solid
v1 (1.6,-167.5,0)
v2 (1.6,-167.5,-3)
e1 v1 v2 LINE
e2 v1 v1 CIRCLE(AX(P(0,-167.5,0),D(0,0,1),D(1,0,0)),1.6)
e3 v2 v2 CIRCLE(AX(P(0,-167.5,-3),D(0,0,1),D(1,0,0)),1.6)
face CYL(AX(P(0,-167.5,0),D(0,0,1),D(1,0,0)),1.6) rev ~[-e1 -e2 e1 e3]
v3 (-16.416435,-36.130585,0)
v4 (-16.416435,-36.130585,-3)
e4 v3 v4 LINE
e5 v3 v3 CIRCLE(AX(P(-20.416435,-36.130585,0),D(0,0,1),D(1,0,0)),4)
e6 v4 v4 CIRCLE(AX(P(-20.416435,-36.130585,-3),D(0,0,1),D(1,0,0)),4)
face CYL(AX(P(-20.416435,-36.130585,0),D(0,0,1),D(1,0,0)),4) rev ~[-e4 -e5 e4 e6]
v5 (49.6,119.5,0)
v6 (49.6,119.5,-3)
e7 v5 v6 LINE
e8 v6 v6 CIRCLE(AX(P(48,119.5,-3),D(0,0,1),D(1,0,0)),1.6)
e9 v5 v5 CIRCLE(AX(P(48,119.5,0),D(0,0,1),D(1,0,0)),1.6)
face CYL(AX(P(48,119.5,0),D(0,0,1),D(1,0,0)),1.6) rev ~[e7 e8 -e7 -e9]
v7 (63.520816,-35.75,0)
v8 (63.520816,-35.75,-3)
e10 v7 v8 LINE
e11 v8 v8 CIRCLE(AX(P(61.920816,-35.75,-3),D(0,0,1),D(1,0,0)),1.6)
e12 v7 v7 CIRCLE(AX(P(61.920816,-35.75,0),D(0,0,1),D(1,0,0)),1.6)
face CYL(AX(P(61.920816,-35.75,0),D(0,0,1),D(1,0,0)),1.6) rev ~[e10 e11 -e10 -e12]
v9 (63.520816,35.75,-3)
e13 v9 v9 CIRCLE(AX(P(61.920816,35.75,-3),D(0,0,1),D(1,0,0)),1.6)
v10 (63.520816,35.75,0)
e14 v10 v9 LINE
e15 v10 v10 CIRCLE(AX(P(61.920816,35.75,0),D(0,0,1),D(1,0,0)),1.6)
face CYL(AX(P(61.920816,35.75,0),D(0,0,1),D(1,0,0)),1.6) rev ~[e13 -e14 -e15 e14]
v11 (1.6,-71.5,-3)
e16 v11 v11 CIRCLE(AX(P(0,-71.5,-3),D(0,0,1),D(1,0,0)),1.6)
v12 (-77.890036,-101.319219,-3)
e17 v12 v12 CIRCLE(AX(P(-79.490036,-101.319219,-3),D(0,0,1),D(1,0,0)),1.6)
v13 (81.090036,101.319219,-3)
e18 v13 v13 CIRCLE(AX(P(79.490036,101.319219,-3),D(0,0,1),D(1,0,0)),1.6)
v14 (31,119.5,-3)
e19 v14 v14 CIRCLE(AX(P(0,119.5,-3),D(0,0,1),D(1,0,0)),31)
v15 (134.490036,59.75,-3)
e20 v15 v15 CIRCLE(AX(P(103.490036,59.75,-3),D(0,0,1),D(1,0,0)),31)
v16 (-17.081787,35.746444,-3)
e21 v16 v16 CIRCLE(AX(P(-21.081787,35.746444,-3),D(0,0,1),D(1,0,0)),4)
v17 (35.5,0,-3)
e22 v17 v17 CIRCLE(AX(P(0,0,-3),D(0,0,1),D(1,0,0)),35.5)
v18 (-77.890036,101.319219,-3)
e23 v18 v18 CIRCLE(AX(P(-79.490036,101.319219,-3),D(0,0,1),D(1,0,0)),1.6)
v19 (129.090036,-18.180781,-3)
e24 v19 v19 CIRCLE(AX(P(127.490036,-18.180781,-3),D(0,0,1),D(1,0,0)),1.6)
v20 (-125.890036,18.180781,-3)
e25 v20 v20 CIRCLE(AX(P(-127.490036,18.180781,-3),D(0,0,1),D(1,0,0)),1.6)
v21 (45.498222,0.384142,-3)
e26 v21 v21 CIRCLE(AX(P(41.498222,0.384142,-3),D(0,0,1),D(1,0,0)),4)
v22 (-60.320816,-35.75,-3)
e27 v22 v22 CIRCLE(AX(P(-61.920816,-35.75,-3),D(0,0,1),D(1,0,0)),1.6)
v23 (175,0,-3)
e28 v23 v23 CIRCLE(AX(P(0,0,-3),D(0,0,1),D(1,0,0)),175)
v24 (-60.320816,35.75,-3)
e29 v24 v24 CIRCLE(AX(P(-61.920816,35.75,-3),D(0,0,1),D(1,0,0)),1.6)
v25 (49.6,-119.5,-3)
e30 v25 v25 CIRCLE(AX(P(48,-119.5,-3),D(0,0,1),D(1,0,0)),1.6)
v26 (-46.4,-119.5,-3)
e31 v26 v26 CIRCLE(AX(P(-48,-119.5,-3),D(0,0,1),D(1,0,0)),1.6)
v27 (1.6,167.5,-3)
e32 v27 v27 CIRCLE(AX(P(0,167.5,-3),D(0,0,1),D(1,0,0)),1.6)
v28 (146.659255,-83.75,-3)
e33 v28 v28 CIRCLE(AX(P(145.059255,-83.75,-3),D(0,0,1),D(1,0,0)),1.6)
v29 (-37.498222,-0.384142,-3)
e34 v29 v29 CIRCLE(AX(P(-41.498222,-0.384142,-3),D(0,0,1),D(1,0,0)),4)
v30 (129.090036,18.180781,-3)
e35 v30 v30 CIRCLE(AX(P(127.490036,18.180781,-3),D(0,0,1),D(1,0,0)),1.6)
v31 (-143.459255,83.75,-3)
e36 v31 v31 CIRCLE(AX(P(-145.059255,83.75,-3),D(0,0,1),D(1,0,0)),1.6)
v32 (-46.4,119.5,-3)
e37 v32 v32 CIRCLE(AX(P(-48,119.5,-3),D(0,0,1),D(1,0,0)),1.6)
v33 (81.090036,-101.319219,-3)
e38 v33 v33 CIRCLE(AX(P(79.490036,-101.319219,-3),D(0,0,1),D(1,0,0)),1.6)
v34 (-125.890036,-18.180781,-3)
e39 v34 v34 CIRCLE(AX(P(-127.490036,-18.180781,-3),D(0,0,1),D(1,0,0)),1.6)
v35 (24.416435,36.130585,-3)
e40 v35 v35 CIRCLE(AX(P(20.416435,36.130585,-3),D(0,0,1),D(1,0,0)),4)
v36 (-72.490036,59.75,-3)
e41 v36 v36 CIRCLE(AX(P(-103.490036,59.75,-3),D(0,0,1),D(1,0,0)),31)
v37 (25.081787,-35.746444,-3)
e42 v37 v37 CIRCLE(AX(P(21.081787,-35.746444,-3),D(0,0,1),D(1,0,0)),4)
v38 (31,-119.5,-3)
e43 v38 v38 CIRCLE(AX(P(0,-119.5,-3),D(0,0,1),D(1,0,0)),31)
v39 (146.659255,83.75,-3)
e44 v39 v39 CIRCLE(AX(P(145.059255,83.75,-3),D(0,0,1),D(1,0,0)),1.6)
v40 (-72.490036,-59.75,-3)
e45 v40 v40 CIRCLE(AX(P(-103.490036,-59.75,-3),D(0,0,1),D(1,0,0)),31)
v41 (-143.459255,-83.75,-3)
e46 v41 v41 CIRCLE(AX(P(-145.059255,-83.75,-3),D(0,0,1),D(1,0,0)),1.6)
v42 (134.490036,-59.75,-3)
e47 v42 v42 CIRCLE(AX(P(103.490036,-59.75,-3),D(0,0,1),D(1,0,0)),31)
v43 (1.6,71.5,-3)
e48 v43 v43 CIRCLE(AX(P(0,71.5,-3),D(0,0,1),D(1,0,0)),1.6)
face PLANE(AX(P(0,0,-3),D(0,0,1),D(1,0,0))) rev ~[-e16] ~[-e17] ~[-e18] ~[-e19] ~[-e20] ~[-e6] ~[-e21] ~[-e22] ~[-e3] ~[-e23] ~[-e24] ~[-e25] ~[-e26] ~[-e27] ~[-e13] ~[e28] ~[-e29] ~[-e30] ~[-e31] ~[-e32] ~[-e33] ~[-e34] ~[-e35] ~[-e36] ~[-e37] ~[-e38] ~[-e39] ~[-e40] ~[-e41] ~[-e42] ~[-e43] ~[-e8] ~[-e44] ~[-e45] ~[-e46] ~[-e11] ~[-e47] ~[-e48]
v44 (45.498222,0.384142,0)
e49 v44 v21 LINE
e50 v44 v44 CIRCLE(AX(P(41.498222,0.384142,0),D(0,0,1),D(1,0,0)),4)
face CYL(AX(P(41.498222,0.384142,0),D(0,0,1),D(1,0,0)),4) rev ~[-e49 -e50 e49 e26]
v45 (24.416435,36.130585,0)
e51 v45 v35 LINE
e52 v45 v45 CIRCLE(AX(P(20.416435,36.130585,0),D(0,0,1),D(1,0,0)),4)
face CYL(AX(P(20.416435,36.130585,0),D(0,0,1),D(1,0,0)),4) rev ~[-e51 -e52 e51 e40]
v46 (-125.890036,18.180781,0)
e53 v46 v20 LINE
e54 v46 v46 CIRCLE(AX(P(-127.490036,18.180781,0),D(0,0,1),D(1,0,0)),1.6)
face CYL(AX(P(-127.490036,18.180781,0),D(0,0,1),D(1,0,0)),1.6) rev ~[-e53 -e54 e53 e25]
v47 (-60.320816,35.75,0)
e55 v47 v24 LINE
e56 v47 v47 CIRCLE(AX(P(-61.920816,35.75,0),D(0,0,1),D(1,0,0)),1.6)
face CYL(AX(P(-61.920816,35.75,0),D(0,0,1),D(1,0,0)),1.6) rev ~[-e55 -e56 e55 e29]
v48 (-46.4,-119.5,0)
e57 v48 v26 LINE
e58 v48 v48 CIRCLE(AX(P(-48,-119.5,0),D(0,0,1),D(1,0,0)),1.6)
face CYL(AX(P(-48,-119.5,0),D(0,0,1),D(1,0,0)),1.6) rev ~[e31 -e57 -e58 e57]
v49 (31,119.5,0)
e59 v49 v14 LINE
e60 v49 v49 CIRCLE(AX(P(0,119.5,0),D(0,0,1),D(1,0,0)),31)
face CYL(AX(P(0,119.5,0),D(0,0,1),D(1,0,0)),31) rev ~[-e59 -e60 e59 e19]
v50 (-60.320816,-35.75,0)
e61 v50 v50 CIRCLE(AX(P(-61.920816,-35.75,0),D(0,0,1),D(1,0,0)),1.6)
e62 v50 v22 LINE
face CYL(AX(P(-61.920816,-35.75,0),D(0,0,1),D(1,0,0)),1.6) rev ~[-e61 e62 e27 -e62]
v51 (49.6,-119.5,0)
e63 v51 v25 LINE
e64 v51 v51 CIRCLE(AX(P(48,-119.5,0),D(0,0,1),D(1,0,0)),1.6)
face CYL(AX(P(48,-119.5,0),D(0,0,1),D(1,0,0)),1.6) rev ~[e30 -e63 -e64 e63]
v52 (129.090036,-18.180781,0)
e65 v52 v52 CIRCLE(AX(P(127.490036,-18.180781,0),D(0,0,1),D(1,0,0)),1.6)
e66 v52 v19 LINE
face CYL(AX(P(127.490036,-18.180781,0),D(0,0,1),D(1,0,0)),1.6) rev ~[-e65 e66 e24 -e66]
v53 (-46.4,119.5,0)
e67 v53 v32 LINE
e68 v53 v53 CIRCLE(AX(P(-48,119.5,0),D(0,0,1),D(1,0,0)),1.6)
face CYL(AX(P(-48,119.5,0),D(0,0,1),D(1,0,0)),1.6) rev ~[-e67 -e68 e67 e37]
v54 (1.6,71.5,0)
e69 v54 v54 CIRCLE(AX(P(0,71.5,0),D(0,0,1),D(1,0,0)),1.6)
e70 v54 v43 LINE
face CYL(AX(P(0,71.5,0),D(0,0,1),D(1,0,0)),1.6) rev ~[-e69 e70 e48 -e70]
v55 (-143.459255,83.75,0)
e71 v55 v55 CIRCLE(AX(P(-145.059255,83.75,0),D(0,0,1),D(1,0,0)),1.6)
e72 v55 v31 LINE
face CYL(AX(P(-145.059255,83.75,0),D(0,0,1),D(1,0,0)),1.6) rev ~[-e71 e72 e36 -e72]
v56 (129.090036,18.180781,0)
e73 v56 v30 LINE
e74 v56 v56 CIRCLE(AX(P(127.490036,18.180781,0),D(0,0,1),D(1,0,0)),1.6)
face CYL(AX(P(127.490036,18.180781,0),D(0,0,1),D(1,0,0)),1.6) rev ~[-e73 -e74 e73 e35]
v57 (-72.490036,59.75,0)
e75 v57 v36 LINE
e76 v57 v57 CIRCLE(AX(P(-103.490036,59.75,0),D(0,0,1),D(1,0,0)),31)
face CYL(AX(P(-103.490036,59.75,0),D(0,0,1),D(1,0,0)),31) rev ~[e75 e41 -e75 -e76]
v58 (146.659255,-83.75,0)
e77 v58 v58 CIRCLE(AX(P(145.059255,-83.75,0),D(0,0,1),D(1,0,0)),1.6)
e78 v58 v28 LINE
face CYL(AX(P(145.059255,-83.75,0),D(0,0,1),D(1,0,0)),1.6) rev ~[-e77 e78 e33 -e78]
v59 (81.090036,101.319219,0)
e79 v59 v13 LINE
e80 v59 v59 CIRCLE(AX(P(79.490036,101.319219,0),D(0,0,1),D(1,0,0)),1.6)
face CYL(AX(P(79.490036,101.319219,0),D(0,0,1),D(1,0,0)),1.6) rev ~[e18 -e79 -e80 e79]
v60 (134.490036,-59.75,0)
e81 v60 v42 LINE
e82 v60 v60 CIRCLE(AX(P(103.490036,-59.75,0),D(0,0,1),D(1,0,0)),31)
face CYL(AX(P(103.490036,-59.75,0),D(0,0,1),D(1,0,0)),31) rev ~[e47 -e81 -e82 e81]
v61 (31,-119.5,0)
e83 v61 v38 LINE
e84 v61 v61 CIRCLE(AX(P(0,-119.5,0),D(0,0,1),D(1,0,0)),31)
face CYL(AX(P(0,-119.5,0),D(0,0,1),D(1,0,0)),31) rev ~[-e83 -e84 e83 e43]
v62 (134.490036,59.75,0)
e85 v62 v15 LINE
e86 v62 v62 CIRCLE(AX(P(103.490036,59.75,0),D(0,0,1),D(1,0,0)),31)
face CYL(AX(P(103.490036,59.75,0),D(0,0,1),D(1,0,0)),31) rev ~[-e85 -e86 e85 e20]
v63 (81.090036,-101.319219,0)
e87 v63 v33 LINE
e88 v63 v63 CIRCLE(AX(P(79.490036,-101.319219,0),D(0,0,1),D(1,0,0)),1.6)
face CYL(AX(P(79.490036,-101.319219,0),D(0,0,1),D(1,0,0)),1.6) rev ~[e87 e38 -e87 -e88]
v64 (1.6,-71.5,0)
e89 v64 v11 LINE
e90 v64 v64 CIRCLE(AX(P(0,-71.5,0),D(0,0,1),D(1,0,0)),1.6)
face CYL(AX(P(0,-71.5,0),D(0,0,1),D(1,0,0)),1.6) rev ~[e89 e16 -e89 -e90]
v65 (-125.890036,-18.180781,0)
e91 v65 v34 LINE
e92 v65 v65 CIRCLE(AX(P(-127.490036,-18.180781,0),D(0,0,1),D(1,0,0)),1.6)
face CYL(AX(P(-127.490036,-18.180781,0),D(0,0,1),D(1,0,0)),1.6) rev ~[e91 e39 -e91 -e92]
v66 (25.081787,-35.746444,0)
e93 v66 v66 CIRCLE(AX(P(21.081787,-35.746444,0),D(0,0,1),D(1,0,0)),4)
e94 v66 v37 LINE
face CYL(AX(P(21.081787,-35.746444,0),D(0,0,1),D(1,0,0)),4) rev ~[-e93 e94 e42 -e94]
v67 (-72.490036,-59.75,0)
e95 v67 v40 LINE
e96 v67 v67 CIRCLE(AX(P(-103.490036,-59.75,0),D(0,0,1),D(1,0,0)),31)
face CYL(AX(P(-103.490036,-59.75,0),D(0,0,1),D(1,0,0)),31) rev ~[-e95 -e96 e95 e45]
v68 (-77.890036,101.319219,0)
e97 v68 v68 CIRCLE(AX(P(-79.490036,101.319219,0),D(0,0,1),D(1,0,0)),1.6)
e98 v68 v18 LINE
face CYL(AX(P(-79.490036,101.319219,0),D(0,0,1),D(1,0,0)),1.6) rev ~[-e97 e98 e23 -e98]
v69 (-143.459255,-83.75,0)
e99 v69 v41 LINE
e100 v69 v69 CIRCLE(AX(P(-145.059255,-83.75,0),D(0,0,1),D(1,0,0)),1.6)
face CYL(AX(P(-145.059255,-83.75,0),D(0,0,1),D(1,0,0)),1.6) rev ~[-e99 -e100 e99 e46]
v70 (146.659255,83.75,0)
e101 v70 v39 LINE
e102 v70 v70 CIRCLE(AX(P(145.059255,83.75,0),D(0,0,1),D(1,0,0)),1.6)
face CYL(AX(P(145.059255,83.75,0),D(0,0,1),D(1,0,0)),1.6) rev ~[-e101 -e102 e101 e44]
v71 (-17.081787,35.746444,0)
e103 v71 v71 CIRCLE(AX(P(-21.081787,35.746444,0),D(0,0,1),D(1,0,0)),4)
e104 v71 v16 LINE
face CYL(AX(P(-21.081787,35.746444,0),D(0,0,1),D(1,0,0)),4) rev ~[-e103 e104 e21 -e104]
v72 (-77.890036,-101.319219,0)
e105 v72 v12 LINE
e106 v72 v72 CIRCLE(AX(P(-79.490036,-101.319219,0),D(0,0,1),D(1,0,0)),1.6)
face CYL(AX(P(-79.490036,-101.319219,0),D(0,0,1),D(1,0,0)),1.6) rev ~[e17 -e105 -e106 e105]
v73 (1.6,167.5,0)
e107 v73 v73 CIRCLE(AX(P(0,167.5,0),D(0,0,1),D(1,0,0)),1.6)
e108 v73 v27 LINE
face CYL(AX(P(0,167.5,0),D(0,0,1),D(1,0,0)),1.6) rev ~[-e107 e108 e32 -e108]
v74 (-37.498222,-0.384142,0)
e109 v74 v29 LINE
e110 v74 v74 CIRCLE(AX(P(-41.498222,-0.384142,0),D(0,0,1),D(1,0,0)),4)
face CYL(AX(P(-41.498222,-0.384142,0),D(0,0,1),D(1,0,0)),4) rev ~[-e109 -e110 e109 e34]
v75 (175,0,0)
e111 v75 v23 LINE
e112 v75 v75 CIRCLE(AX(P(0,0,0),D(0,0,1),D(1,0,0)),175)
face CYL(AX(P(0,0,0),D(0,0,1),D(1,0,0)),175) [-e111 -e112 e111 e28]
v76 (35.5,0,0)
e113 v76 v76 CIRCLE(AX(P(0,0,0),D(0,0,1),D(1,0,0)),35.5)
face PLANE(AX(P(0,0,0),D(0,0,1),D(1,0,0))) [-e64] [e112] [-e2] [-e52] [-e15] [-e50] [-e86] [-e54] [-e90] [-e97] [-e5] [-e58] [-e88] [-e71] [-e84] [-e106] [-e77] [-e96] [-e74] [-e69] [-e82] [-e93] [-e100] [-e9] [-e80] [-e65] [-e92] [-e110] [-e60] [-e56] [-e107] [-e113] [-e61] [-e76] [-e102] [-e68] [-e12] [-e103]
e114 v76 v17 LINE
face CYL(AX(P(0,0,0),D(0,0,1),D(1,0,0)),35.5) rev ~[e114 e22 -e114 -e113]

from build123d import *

# Parameters (mm, degrees)
SKETCH1_R           = 175
SKETCH1_R_2         = 35.5
SKETCH1_R_3         = 31
BOSS_EXTRUDE1_DEPTH = 3
SKETCH2_R           = 1.6
CUT_EXTRUDE1_DEPTH  = 3
SKETCH3_R           = 4
CUT_EXTRUDE2_DEPTH  = 3


with BuildPart() as part:
    # Sketch1 → Boss-Extrude1 (new body)
    with BuildSketch(Plane.XY):
        Circle(SKETCH1_R)
        Circle(SKETCH1_R_2, mode=Mode.SUBTRACT)
        with Locations((0, 119.5)):
            Circle(SKETCH1_R_3, mode=Mode.SUBTRACT)
        with Locations((103.490035752, 59.75)):
            Circle(SKETCH1_R_3, mode=Mode.SUBTRACT)
        with Locations((103.490035752, -59.75)):
            Circle(SKETCH1_R_3, mode=Mode.SUBTRACT)
        with Locations((0, -119.5)):
            Circle(SKETCH1_R_3, mode=Mode.SUBTRACT)
        with Locations((-103.490035752, -59.75)):
            Circle(SKETCH1_R_3, mode=Mode.SUBTRACT)
        with Locations((-103.490035752, 59.75)):
            Circle(SKETCH1_R_3, mode=Mode.SUBTRACT)
    extrude(amount=-BOSS_EXTRUDE1_DEPTH)

    # Sketch2 → Cut-Extrude1 (cut)
    with BuildSketch(Plane.XY):
        with Locations((0, 71.5)):
            Circle(SKETCH2_R)
        with Locations((-48, 119.5)):
            Circle(SKETCH2_R)
        with Locations((0, 167.5)):
            Circle(SKETCH2_R)
        with Locations((48, 119.5)):
            Circle(SKETCH2_R)
        with Locations((61.920816371, 35.75)):
            Circle(SKETCH2_R)
        with Locations((79.490035752, 101.319219382)):
            Circle(SKETCH2_R)
        with Locations((145.059255134, 83.75)):
            Circle(SKETCH2_R)
        with Locations((127.490035752, 18.180780618)):
            Circle(SKETCH2_R)
        with Locations((61.920816371, -35.75)):
            Circle(SKETCH2_R)
        with Locations((127.490035752, -18.180780618)):
            Circle(SKETCH2_R)
        with Locations((145.059255134, -83.75)):
            Circle(SKETCH2_R)
        with Locations((79.490035752, -101.319219382)):
            Circle(SKETCH2_R)
        with Locations((0, -71.5)):
            Circle(SKETCH2_R)
        with Locations((48, -119.5)):
            Circle(SKETCH2_R)
        with Locations((0, -167.5)):
            Circle(SKETCH2_R)
        with Locations((-48, -119.5)):
            Circle(SKETCH2_R)
        with Locations((-61.920816371, -35.75)):
            Circle(SKETCH2_R)
        with Locations((-79.490035752, -101.319219382)):
            Circle(SKETCH2_R)
        with Locations((-145.059255134, -83.75)):
            Circle(SKETCH2_R)
        with Locations((-127.490035752, -18.180780618)):
            Circle(SKETCH2_R)
        with Locations((-61.920816371, 35.75)):
            Circle(SKETCH2_R)
        with Locations((-127.490035752, 18.180780618)):
            Circle(SKETCH2_R)
        with Locations((-145.059255134, 83.75)):
            Circle(SKETCH2_R)
        with Locations((-79.490035752, 101.319219382)):
            Circle(SKETCH2_R)
    extrude(amount=-CUT_EXTRUDE1_DEPTH, mode=Mode.SUBTRACT)

    # Sketch3 → Cut-Extrude2 (cut)
    with BuildSketch(Plane.XY):
        with Locations((-21.081787365, 35.74644376)):
            Circle(SKETCH3_R)
        with Locations((20.416434709, 36.130585295)):
            Circle(SKETCH3_R)
        with Locations((41.498222074, 0.384141535)):
            Circle(SKETCH3_R)
        with Locations((-41.498222074, -0.384141535)):
            Circle(SKETCH3_R)
        with Locations((-20.416434709, -36.130585295)):
            Circle(SKETCH3_R)
        with Locations((21.081787365, -35.74644376)):
            Circle(SKETCH3_R)
    extrude(amount=-CUT_EXTRUDE2_DEPTH, mode=Mode.SUBTRACT)


solid = part.part
